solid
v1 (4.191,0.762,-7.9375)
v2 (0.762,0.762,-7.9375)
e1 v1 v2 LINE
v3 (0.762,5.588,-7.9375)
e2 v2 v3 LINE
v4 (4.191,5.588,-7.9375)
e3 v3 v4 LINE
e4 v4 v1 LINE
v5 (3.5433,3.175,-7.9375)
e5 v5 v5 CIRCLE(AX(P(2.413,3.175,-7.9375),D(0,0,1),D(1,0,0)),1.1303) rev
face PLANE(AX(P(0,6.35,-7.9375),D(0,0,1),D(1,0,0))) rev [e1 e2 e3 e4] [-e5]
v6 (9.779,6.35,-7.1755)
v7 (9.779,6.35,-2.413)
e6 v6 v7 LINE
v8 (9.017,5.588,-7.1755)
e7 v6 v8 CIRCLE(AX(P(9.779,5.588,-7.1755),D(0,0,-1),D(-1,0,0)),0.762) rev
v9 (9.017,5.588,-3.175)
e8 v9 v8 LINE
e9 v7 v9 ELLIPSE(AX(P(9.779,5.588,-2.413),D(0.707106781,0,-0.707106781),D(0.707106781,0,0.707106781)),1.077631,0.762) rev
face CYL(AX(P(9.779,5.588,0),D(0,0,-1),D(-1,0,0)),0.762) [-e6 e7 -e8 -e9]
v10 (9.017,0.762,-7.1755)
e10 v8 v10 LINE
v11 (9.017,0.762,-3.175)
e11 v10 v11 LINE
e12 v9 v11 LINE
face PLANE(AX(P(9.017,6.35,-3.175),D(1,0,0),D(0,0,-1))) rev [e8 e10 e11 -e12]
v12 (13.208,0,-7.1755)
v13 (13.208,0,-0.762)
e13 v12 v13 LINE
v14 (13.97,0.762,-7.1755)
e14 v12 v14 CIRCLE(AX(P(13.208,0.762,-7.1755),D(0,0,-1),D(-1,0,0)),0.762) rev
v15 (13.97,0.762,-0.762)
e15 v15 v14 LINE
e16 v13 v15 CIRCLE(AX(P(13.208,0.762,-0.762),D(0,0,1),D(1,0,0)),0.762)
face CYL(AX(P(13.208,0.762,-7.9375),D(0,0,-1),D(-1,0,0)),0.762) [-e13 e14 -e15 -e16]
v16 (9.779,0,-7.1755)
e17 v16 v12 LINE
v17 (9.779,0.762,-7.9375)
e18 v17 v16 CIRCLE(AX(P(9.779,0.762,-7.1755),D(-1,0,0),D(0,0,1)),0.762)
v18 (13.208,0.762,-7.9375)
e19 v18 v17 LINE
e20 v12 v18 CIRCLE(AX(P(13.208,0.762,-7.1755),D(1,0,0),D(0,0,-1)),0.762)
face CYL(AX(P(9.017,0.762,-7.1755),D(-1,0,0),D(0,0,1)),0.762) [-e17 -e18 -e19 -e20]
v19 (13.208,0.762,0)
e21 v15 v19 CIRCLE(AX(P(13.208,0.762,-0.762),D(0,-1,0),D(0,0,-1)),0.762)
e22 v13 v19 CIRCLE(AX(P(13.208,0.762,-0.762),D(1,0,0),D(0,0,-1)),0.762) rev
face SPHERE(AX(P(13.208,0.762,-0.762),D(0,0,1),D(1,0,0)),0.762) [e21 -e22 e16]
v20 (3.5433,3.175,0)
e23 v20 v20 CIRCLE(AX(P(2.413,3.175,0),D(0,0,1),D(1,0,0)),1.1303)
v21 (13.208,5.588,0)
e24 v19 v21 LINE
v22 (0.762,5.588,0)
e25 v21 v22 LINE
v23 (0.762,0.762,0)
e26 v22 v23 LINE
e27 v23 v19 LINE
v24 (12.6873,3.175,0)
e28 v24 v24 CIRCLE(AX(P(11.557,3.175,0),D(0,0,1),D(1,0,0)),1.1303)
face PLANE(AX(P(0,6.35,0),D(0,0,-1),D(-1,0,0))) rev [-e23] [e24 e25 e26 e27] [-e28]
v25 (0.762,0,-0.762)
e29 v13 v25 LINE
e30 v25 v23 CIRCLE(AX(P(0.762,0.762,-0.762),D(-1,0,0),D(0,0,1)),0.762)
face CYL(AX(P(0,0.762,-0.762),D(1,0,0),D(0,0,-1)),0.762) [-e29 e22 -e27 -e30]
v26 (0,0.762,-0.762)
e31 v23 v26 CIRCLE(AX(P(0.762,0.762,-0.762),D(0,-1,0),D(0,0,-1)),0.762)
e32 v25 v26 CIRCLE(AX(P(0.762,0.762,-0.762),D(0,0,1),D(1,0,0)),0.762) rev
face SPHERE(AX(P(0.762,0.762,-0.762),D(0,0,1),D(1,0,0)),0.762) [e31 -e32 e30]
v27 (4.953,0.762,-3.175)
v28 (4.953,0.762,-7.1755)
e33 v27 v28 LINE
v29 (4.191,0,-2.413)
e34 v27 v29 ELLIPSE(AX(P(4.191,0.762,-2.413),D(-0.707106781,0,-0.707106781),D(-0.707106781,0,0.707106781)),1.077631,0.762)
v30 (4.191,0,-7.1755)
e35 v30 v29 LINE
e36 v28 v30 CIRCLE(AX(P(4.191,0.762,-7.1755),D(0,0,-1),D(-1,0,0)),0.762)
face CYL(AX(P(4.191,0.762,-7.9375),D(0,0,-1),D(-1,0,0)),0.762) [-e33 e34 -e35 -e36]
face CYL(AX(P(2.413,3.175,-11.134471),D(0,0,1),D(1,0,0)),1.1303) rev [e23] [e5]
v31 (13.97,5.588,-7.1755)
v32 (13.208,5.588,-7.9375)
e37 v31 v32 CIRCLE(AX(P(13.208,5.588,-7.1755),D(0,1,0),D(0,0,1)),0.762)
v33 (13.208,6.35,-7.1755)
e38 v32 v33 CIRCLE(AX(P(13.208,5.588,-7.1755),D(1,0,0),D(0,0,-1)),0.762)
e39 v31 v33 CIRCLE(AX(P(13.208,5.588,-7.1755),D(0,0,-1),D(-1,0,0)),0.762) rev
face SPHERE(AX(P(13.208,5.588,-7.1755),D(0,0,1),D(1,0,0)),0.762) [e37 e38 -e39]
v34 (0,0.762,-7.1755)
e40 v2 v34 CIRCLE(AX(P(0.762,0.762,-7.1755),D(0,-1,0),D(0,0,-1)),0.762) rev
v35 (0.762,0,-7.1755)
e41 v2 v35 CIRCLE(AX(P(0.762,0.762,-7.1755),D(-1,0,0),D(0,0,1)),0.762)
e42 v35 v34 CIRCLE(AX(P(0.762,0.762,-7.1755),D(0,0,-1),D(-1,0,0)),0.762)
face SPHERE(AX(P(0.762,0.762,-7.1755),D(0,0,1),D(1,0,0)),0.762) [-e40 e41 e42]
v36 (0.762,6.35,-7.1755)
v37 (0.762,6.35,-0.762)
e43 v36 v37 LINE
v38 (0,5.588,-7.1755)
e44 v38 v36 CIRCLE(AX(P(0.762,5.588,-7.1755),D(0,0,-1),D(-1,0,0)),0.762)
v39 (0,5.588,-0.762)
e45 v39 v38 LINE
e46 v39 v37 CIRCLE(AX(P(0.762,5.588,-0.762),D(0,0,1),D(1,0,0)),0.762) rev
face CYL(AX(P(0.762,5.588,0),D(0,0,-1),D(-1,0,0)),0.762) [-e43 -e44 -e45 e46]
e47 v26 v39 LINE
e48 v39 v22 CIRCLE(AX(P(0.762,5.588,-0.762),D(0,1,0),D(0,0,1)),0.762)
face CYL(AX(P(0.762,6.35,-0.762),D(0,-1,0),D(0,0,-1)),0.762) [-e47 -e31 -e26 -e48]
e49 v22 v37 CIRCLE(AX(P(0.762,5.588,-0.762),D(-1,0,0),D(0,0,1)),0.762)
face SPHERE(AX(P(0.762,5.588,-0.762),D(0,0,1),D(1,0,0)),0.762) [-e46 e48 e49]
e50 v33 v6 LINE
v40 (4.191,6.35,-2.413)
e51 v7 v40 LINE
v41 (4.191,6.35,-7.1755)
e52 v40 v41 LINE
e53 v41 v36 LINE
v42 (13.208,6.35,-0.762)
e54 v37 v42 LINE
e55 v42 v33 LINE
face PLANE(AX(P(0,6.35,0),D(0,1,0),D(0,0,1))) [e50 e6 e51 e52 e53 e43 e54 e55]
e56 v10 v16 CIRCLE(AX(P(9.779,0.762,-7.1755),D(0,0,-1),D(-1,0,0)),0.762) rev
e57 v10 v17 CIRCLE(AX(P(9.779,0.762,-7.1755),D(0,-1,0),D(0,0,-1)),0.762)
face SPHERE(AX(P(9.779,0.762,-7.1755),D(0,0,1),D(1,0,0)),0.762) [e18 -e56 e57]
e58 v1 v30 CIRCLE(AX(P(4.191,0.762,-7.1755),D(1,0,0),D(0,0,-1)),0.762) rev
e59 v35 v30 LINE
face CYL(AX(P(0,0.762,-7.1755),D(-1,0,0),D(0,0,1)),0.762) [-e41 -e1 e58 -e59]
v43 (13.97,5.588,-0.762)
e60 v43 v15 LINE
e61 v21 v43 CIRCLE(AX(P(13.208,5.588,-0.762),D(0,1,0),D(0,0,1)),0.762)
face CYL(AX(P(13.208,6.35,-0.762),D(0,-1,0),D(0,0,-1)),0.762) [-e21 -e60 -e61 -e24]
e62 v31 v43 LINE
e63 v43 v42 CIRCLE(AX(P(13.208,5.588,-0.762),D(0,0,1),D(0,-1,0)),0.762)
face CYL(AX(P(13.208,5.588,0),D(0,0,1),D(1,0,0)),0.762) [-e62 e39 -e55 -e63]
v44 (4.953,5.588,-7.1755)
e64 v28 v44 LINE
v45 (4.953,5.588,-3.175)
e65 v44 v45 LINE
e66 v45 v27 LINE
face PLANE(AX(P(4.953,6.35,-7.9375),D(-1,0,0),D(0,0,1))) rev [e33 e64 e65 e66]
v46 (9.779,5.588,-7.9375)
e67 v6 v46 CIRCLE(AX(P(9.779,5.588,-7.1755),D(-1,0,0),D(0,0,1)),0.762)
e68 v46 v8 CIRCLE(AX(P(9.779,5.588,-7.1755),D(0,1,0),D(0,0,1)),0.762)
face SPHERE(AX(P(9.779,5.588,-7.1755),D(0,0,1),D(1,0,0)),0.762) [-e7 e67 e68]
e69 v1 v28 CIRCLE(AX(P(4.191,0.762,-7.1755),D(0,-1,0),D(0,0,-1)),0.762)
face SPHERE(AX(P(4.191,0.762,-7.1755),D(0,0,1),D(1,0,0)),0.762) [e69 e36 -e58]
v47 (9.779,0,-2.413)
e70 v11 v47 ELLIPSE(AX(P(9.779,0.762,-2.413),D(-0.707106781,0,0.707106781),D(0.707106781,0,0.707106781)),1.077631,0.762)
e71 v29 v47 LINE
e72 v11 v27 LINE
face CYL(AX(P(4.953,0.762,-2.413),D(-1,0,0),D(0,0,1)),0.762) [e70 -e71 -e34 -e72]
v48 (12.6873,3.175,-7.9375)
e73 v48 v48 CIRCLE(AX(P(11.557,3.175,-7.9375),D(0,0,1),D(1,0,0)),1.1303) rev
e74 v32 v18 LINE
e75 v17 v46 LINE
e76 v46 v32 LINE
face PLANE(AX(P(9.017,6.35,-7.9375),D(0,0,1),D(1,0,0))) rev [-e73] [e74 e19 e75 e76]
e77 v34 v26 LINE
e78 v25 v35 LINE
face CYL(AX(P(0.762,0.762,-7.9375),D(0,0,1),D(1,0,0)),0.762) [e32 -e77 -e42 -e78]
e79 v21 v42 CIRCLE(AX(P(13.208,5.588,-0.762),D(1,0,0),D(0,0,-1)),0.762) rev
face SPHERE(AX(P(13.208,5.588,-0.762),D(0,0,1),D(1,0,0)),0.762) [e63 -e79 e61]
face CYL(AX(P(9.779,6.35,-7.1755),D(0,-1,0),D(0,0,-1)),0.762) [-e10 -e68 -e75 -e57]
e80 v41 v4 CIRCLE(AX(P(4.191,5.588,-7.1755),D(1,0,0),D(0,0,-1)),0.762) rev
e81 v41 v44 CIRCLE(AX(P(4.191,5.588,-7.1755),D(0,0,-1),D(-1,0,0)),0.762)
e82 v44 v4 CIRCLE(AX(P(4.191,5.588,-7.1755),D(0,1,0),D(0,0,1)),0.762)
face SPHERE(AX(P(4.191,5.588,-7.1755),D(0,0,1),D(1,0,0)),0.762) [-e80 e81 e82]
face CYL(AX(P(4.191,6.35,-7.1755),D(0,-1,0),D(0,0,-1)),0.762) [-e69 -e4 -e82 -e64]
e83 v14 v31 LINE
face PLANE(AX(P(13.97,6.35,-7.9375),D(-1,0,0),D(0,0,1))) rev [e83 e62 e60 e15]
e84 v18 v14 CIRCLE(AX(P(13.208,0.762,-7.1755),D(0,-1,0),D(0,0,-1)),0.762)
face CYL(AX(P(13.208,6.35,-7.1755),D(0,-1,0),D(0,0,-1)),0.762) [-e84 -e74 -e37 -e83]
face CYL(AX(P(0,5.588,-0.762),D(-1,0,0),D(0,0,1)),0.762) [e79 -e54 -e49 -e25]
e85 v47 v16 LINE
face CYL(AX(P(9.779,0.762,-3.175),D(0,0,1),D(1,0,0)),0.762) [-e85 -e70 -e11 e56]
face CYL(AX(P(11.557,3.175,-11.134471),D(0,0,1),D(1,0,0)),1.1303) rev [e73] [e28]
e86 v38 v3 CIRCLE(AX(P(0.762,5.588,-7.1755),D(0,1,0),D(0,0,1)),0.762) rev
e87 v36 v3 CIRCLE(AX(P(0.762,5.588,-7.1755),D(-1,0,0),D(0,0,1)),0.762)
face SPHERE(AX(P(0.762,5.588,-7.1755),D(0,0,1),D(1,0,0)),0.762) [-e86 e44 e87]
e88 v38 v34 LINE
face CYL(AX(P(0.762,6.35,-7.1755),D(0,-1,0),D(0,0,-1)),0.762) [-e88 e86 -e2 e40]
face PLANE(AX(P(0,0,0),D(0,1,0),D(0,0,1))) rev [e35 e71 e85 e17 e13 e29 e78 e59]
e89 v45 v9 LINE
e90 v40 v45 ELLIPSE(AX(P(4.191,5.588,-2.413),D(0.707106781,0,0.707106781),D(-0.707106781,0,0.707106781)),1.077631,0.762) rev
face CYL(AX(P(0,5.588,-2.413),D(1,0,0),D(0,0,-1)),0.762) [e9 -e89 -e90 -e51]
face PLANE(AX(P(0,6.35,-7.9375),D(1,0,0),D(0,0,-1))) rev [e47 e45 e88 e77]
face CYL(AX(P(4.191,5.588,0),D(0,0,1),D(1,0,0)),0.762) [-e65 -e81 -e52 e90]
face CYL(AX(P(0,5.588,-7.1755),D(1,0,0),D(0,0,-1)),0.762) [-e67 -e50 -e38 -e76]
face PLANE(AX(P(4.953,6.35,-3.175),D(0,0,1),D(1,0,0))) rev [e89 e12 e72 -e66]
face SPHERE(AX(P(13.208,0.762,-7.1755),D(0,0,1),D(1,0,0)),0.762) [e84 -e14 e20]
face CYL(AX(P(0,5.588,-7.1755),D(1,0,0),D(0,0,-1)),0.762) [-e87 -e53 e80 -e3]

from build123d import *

# Parameters (mm, degrees)
BOSS_EXTRUDE1_DEPTH = 6.35
SKETCH2_R           = 1.1303
CUT_EXTRUDE1_DEPTH  = 7.9375
FILLET1_R           = 0.762


with BuildPart() as part:
    # Sketch1 → Boss-Extrude1 (new body)
    with BuildSketch(Plane(origin=(0, 0, 0), x_dir=(1, 0, 0), z_dir=(0, 1, 0))):
        Polygon((0, 7.9375), (4.953, 7.9375), (4.953, 3.175), (9.017, 3.175), (9.017, 7.9375), (13.97, 7.9375), (13.97, 0), (0, 0), align=None)
    extrude(amount=BOSS_EXTRUDE1_DEPTH)

    # Sketch2 → Cut-Extrude1 (cut)
    with BuildSketch(Plane.XY):
        with Locations((2.413, 3.175)):
            Circle(SKETCH2_R)
        with Locations((11.557, 3.175)):
            Circle(SKETCH2_R)
    extrude(amount=-CUT_EXTRUDE1_DEPTH, mode=Mode.SUBTRACT)

    # Fillet1
    fillet1_edges = [part.edges().sort_by_distance(p)[0] for p in [
        (13.97, 6.35, -3.96875),
        (6.985, 0, 0),
        (0, 0, -3.96875),
        (11.4935, 6.35, -7.9375),
        (0, 3.175, -7.9375),
        (4.953, 3.175, -7.9375),
        (9.017, 3.175, -7.9375),
        (13.97, 3.175, -7.9375),
        (13.97, 3.175, 0),
        (0, 3.175, 0),
        (9.017, 6.35, -5.55625),
        (6.985, 6.35, -3.175),
        (4.953, 6.35, -5.55625),
        (2.4765, 6.35, -7.9375),
        (0, 6.35, -3.96875),
        (6.985, 6.35, 0),
        (2.4765, 0, -7.9375),
        (4.953, 0, -5.55625),
        (6.985, 0, -3.175),
        (9.017, 0, -5.55625),
        (11.4935, 0, -7.9375),
        (13.97, 0, -3.96875),
    ]]
    fillet(fillet1_edges, radius=FILLET1_R)


solid = part.part
